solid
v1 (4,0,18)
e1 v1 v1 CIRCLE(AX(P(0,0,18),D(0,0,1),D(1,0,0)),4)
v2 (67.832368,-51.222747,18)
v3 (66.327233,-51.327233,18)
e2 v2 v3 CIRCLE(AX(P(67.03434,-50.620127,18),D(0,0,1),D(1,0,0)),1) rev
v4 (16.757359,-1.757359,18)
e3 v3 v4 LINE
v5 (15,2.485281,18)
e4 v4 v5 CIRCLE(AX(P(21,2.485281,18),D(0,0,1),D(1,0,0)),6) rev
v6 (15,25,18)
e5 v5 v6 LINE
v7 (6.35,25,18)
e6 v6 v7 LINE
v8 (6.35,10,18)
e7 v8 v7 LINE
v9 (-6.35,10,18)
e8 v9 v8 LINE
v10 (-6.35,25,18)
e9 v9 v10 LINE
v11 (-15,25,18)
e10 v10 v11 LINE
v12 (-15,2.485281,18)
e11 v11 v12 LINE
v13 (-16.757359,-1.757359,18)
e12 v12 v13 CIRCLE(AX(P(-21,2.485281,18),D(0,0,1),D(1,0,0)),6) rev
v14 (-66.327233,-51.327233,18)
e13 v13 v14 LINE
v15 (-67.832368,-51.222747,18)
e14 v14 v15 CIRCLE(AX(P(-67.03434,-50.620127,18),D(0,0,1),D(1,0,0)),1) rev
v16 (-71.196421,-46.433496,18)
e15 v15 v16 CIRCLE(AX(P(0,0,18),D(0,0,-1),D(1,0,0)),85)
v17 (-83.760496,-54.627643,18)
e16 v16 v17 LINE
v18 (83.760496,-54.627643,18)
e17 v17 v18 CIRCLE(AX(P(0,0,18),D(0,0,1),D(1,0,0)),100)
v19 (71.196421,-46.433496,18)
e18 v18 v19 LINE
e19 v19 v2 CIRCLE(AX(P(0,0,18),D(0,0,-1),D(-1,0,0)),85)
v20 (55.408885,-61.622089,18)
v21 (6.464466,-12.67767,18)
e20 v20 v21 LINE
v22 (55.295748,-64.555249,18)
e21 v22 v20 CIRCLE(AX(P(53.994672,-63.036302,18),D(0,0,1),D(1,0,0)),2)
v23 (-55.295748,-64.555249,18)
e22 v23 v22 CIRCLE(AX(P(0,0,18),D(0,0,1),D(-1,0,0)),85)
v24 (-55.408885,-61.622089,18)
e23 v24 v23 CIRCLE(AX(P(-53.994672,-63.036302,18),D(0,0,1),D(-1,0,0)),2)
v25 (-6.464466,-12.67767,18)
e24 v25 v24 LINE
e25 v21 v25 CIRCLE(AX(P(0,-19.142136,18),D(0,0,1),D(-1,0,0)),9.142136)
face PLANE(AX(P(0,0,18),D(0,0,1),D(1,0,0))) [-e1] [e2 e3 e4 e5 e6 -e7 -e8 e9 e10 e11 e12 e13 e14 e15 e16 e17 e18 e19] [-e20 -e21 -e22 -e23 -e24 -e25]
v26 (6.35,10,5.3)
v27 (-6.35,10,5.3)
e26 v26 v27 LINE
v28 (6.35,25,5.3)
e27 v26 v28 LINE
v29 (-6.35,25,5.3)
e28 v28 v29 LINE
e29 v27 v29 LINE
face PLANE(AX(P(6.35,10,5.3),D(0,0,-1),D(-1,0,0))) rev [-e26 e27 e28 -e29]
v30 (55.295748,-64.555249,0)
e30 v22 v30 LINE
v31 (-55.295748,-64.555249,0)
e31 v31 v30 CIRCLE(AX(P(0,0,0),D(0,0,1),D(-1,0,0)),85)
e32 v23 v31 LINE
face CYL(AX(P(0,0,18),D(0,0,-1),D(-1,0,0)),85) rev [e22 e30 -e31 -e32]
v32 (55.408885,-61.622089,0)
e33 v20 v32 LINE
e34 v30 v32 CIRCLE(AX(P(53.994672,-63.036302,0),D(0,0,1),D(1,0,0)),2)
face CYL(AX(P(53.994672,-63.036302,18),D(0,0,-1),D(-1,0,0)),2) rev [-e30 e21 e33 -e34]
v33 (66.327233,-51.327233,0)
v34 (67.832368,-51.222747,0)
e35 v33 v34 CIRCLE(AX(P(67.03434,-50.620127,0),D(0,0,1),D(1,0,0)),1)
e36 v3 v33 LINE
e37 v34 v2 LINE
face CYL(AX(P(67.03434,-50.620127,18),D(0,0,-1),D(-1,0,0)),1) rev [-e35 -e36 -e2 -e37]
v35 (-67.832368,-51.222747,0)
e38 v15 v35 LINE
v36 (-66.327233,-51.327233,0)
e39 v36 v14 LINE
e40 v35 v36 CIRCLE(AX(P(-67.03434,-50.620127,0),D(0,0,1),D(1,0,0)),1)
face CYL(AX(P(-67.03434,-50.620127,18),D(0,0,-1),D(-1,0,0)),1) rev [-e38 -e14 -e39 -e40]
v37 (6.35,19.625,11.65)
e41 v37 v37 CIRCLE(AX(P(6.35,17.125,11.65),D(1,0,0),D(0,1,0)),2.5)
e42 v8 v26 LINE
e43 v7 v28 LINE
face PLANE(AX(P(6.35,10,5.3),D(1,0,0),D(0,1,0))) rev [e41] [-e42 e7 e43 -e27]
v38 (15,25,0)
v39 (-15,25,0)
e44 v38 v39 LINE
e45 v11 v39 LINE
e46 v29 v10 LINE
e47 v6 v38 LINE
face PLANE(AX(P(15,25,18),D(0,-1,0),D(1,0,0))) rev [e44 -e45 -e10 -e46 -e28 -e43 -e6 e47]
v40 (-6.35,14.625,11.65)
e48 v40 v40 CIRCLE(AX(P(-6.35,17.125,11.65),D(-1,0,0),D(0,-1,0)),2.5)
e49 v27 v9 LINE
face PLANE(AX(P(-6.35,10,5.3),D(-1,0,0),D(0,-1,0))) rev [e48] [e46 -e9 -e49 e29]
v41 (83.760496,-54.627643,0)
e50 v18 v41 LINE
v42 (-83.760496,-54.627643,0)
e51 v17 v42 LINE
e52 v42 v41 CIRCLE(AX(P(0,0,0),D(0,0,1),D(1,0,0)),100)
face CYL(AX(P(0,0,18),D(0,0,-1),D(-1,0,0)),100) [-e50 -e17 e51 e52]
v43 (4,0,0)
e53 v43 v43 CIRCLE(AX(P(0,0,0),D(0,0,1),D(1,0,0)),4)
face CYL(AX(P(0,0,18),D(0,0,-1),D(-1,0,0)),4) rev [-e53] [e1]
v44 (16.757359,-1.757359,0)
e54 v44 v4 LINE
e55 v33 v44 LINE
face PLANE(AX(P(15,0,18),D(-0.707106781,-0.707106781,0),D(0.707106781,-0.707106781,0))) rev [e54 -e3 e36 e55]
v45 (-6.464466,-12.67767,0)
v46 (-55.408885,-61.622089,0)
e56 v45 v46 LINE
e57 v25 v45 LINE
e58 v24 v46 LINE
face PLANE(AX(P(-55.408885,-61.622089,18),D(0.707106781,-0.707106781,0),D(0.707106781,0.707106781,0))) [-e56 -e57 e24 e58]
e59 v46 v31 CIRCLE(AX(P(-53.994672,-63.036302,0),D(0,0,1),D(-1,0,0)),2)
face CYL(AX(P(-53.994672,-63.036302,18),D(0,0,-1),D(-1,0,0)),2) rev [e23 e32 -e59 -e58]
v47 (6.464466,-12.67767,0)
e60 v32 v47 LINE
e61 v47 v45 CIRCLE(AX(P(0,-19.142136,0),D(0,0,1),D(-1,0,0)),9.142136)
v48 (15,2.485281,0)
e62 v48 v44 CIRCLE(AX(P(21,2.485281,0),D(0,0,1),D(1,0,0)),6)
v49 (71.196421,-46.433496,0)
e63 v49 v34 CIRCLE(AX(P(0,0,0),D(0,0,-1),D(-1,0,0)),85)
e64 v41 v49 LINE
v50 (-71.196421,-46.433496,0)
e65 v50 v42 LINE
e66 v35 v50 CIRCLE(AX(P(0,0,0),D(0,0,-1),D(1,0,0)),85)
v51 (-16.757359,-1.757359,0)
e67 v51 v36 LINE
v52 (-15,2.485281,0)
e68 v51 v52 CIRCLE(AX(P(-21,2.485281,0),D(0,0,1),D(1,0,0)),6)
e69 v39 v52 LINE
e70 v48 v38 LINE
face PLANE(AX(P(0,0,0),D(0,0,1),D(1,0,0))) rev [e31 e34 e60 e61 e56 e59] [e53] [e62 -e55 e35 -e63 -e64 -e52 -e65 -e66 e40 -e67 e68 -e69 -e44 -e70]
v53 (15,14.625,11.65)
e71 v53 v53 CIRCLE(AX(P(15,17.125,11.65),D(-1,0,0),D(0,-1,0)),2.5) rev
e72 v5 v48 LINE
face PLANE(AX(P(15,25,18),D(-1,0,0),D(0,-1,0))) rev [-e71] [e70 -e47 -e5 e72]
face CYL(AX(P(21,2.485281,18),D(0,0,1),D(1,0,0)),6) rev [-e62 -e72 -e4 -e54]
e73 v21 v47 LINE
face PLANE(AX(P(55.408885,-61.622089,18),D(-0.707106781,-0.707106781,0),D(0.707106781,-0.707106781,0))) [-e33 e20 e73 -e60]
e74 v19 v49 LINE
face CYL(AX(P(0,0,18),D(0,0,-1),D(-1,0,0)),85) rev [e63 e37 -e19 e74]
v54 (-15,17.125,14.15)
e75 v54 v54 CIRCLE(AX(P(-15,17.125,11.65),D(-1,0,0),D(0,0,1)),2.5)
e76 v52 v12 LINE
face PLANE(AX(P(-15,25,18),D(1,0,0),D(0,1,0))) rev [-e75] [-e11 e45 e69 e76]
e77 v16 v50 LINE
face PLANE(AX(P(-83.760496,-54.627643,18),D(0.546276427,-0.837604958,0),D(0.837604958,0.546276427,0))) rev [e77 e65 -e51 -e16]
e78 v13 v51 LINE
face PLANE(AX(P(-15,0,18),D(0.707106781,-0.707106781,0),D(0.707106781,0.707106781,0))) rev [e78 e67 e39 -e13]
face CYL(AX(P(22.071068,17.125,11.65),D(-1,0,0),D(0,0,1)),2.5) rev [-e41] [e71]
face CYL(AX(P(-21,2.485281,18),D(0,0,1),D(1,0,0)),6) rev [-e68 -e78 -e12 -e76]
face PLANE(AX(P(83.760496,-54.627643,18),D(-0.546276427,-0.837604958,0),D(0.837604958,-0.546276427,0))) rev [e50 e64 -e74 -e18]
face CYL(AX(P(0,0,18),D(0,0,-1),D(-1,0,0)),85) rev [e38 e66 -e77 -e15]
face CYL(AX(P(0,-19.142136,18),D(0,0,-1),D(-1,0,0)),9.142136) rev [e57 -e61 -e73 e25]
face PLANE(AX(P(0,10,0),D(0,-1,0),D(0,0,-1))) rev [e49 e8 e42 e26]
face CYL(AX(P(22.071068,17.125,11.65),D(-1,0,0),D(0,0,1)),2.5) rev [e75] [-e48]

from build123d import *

# Parameters (mm, degrees)
ESQUISSE1_R             = 4
BOSS_EXTRU_1_DEPTH      = 18
ESQUISSE2_W             = 12.7
ESQUISSE2_H             = 12.7
ENL_V_MAT_EXTRU_1_DEPTH = 15
ESQUISSE3_R             = 2.5
ENL_V_MAT_EXTRU_2_DEPTH = 30
CONG_1_R                = 1
CONG_2_R                = 6


with BuildPart() as part:
    # Esquisse1 → Boss.-Extru.1 (new body)
    with BuildSketch(Plane.XY):
        with BuildLine():
            Line((15, 25), (-15, 25))
            Line((-15, 25), (-15, 0))
            Line((-15, 0), (-67.134302209, -52.134302209))
            ThreePointArc((-67.134302209, -52.134302209), (-69.224071464, -49.325732939), (-71.196421393, -46.433496324))
            Line((-71.196421393, -46.433496324), (-83.760495756, -54.627642734))
            ThreePointArc((-83.760495756, -54.627642734), (0, -100), (83.760495756, -54.627642734))
            Line((83.760495756, -54.627642734), (71.196421393, -46.433496324))
            ThreePointArc((71.196421393, -46.433496324), (69.224071464, -49.325732939), (67.134302209, -52.134302209))
            Line((67.134302209, -52.134302209), (15, 0))
            Line((15, 0), (15, 25))
        make_face()
        Circle(ESQUISSE1_R, mode=Mode.SUBTRACT)
        with BuildLine():
            Line((-55.408885371, -61.622088806), (-6.464466094, -12.67766953))
            ThreePointArc((-6.464466094, -12.67766953), (0, -10), (6.464466094, -12.67766953))
            Line((6.464466094, -12.67766953), (55.408885371, -61.622088806))
            ThreePointArc((55.408885371, -61.622088806), (55.993185687, -63.113388543), (55.295748237, -64.555249414))
            ThreePointArc((55.295748237, -64.555249414), (0, -85), (-55.295748237, -64.555249414))
            ThreePointArc((-55.295748237, -64.555249414), (-55.993185687, -63.113388543), (-55.408885371, -61.622088806))
        make_face(mode=Mode.SUBTRACT)
    extrude(amount=BOSS_EXTRU_1_DEPTH)

    # Esquisse2 → Enlèv. mat.-Extru.1 (cut)
    with BuildSketch(Plane(origin=(0, 25, 0), x_dir=(1, 0, 0), z_dir=(0, 1, 0))):
        with Locations((0, -11.65)):
            Rectangle(ESQUISSE2_W, ESQUISSE2_H)
    extrude(amount=-ENL_V_MAT_EXTRU_1_DEPTH, mode=Mode.SUBTRACT)

    # Esquisse3 → Enlèv. mat.-Extru.2 (cut)
    with BuildSketch(Plane.ZY.offset(15)):
        with Locations((11.65, 17.125)):
            Circle(ESQUISSE3_R)
    extrude(amount=-ENL_V_MAT_EXTRU_2_DEPTH, mode=Mode.SUBTRACT)

    # Congé1
    cong_1_edges = [part.edges().sort_by_distance(p)[0] for p in [
        (67.134302209, -52.134302209, 9),
        (-67.134302209, -52.134302209, 9),
    ]]
    fillet(cong_1_edges, radius=CONG_1_R)

    # Congé2
    cong_2_edges = [part.edges().sort_by_distance(p)[0] for p in [
        (15, 0, 9),
        (-15, 0, 9),
    ]]
    fillet(cong_2_edges, radius=CONG_2_R)


solid = part.part
